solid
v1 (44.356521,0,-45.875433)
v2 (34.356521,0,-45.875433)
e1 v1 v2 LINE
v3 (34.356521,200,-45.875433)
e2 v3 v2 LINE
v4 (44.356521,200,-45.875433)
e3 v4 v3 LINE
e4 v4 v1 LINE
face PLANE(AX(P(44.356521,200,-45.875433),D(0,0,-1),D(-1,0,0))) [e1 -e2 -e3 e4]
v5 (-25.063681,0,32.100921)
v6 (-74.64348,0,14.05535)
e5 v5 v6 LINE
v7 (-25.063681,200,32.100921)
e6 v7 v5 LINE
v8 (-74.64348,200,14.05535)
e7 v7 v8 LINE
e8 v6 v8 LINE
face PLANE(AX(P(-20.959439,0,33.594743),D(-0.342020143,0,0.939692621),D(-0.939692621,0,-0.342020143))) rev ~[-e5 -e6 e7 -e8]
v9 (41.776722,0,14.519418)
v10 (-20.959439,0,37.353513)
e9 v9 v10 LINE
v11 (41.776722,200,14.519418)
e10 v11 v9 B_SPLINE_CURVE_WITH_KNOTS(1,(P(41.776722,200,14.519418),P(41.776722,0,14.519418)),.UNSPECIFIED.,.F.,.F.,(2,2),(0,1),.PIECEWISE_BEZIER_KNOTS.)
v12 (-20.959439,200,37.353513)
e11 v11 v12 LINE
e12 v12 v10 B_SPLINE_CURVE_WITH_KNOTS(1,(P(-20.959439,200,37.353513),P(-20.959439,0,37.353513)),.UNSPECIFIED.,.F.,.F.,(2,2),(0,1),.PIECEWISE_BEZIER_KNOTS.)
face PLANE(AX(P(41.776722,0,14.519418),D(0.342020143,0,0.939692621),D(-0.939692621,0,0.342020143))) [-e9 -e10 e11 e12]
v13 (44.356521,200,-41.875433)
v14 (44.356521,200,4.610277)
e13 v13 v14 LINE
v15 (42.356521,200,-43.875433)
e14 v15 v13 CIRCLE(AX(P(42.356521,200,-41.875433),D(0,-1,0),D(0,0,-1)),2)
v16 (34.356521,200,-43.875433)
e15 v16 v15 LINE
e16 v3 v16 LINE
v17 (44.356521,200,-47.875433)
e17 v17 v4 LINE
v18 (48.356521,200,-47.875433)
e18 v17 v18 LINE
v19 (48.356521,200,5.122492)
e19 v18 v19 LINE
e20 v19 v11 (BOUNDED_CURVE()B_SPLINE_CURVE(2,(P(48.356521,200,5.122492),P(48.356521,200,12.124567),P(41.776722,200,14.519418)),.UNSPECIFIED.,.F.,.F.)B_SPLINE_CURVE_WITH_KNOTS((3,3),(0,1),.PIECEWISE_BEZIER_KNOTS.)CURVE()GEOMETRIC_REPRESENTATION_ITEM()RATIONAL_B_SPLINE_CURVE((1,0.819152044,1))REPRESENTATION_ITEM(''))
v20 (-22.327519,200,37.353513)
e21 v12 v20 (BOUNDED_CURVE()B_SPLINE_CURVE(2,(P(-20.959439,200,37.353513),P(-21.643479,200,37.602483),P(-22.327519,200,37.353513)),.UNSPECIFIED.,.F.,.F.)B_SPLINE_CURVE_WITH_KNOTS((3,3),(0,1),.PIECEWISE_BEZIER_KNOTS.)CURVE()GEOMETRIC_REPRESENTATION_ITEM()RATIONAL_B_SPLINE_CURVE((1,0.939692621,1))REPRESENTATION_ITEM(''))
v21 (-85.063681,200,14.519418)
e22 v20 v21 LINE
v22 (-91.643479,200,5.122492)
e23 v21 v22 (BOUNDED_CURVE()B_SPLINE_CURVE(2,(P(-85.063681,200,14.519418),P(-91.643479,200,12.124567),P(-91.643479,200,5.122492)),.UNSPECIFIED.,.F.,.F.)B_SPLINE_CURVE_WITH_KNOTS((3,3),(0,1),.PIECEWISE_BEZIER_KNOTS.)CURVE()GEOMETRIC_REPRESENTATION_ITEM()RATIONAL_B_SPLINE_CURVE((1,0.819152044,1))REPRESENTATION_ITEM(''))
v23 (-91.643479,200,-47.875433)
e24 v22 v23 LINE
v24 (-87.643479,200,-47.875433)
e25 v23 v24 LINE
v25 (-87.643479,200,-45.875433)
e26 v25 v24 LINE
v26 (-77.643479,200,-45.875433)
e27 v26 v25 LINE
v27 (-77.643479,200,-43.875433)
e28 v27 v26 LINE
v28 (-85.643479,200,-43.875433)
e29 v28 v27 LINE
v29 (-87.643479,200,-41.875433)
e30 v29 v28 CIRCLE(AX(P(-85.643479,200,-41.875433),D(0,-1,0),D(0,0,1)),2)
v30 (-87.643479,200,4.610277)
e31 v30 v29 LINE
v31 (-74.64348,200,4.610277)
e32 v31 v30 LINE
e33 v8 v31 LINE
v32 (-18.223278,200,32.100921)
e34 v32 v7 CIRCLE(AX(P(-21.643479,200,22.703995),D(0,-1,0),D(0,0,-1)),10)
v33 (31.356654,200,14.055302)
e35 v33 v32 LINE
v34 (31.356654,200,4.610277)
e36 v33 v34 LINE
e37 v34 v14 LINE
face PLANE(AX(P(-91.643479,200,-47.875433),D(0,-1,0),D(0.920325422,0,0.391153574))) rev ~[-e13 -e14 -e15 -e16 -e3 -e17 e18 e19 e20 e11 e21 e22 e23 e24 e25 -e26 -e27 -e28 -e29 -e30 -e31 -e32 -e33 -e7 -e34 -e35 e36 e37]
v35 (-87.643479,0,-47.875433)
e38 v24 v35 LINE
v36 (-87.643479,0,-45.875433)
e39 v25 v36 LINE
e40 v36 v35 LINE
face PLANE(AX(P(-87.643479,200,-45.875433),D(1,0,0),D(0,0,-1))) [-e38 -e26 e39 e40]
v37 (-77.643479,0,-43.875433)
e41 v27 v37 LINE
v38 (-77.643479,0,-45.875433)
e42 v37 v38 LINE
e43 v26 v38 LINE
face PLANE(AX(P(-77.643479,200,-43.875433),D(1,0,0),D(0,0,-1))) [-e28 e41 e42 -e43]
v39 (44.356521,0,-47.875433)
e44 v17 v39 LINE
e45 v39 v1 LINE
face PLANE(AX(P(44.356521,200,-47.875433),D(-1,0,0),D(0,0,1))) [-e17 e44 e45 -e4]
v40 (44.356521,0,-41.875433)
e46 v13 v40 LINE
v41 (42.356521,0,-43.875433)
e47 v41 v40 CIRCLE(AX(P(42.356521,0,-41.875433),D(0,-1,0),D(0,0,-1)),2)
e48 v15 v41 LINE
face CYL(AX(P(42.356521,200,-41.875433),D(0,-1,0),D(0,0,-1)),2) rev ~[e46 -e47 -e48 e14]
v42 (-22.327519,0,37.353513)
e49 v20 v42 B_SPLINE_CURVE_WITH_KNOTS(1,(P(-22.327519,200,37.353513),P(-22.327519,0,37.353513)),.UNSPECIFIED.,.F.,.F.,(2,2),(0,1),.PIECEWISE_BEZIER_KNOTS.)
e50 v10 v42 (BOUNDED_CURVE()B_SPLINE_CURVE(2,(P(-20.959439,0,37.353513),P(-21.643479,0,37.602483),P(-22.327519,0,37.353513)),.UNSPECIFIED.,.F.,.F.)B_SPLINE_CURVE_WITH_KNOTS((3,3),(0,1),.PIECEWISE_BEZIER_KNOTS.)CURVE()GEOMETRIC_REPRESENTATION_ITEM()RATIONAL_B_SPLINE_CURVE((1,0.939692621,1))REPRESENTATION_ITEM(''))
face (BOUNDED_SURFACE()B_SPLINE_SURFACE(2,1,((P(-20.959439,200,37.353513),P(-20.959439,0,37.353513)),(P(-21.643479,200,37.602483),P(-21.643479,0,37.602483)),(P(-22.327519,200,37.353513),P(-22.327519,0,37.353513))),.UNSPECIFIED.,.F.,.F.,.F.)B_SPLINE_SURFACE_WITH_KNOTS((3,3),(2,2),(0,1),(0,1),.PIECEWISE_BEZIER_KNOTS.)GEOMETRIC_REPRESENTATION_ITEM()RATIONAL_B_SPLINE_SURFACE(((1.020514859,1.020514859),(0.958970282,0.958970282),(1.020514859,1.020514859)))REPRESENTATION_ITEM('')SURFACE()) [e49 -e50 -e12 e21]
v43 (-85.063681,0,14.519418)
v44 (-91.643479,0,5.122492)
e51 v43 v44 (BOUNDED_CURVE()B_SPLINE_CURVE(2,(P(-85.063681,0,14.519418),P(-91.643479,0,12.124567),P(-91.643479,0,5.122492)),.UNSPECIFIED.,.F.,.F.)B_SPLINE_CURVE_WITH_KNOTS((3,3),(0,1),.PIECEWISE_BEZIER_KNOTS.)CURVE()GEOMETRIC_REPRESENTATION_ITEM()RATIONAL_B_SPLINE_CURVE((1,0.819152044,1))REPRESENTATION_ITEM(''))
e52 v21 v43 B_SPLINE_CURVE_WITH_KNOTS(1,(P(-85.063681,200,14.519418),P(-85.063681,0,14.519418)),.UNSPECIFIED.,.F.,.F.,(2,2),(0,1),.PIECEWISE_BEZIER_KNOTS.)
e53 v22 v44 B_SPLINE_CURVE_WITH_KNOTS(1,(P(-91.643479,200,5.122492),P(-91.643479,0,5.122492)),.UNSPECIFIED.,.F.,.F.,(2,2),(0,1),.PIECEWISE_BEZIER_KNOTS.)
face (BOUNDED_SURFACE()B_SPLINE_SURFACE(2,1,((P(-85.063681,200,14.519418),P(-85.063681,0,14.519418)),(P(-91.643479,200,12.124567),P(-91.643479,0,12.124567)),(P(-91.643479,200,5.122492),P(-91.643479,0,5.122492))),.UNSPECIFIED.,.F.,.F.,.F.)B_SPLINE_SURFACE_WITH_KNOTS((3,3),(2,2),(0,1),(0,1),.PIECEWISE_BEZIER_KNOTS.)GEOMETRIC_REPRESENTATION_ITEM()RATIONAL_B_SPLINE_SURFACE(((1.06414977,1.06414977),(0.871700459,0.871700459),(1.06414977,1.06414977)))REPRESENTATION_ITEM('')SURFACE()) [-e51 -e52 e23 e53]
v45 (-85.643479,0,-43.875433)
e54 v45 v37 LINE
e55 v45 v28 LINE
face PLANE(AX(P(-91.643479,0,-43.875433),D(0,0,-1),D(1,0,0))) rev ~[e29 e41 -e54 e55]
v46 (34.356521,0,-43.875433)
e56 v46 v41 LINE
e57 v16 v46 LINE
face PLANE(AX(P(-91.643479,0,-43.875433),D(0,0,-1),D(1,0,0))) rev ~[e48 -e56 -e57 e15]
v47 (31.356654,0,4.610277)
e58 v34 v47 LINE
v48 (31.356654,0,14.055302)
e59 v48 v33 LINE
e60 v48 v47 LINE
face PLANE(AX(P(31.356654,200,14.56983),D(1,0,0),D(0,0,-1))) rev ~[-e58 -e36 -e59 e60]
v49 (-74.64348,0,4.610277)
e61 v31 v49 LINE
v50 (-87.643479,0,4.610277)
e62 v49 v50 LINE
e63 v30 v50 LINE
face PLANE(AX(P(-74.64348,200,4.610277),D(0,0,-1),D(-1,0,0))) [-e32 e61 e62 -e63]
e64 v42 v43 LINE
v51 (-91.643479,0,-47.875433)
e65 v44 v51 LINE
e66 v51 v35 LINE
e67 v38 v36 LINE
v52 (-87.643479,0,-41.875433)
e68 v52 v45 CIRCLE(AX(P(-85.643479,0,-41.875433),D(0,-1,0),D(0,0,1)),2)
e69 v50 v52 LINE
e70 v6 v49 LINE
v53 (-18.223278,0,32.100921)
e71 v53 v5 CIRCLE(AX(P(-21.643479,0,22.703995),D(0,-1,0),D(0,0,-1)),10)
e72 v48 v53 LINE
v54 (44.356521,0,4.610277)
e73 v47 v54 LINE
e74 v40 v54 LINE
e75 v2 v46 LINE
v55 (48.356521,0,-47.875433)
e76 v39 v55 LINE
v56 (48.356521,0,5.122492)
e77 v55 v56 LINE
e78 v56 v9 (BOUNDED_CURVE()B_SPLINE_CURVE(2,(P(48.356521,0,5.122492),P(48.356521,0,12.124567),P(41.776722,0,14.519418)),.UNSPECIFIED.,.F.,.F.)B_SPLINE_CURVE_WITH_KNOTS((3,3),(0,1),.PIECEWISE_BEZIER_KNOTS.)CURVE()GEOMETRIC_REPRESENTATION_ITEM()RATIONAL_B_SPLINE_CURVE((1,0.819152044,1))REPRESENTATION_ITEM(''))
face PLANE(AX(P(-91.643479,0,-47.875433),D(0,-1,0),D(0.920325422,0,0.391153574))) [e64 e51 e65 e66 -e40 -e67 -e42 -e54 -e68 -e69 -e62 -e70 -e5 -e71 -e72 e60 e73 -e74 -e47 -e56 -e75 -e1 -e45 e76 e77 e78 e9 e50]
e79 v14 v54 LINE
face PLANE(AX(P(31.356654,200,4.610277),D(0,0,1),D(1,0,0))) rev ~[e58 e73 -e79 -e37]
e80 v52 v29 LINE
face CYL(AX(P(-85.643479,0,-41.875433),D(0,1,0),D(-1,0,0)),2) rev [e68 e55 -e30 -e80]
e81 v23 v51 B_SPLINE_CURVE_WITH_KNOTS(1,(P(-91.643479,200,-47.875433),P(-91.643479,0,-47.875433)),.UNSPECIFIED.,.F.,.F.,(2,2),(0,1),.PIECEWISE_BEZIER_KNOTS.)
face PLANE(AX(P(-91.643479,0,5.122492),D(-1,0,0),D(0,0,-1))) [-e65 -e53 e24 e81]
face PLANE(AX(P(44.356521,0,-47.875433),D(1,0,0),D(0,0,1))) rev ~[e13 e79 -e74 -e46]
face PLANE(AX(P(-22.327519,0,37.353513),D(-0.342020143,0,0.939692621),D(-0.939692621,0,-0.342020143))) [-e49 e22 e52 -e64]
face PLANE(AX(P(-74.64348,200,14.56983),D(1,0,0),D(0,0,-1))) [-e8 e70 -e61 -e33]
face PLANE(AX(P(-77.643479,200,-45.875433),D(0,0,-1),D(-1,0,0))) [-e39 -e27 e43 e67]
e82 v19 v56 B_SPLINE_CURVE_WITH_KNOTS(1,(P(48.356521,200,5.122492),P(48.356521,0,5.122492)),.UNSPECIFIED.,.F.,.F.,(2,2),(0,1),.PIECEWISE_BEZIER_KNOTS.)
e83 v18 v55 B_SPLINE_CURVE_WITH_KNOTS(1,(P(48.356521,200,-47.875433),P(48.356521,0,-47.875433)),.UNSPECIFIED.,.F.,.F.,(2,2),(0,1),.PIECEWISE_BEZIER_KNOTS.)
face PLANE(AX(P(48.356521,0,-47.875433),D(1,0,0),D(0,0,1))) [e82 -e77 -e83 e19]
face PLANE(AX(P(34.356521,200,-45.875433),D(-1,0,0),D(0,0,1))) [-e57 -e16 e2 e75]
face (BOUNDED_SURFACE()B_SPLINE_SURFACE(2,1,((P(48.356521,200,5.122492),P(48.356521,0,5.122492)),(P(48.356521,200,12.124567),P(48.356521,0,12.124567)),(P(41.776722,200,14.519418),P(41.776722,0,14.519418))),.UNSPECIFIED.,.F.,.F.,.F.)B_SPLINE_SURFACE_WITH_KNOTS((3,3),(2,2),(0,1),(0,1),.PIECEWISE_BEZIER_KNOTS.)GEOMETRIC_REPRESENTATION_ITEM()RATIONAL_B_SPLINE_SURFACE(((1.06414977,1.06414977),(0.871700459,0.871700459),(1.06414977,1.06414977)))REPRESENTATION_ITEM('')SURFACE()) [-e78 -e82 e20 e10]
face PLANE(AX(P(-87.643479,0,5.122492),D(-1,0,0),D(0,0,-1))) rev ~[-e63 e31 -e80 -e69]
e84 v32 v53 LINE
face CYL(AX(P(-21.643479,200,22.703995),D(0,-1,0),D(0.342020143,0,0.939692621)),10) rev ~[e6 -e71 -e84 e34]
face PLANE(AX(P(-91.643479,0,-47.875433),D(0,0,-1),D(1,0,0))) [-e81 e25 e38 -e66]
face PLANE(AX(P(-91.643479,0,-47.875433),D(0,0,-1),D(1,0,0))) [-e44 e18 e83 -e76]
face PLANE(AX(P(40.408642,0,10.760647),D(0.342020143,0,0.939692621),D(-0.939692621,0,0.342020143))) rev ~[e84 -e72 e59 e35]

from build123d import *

# Parameters (mm, degrees)
SHELL1_T            = -4
FILLET1_R           = 10
BOSS_EXTRUDE4_DEPTH = 200
CUT_EXTRUDE1_DEPTH  = 200
FILLET3_R           = 2


with BuildPart() as part:
    # Sketch3 for Loft1 → Loft1 section 0
    with BuildSketch(Plane(origin=(0, 200, 0), x_dir=(1, 0, 0), z_dir=(0, 1, 0))):
        with BuildLine():
            Line((-91.643479102, 47.875432933), (48.356520898, 47.875432933))
            Line((48.356520898, 47.875432933), (48.356520898, -5.122491685))
            # circular arc as an exact rational Bezier (weights 1, cos(half-angle), 1)
            Bezier((48.356520898, -5.122491685), (48.356520898, -12.124567067), (41.776722331, -14.519417892), weights=[1, 0.819152044, 1])
            Line((41.776722331, -14.519417892), (-20.959438815, -37.353513162))
            Bezier((-20.959438815, -37.353513162), (-21.643479102, -37.602483465), (-22.327519388, -37.353513162), weights=[1, 0.939692621, 1])
            Line((-22.327519388, -37.353513162), (-85.063680535, -14.519417892))
            Bezier((-85.063680535, -14.519417892), (-91.643479102, -12.124567067), (-91.643479102, -5.122491685), weights=[1, 0.819152044, 1])
            Line((-91.643479102, -5.122491685), (-91.643479102, 47.875432933))
        make_face()
    # Sketch2 for Loft1 → Loft1 section 1
    with BuildSketch(Plane(origin=(0, 0, 0), x_dir=(1, 0, 0), z_dir=(0, 1, 0))):
        with BuildLine():
            Line((-91.643479102, 47.875432933), (48.356520898, 47.875432933))
            Line((48.356520898, 47.875432933), (48.356520898, -5.122491685))
            Bezier((48.356520898, -5.122491685), (48.356520898, -12.124567067), (41.776722331, -14.519417892), weights=[1, 0.819152044, 1])
            Line((41.776722331, -14.519417892), (-20.959438815, -37.353513162))
            Bezier((-20.959438815, -37.353513162), (-21.643479102, -37.602483465), (-22.327519388, -37.353513162), weights=[1, 0.939692621, 1])
            Line((-22.327519388, -37.353513162), (-85.063680535, -14.519417892))
            Bezier((-85.063680535, -14.519417892), (-91.643479102, -12.124567067), (-91.643479102, -5.122491685), weights=[1, 0.819152044, 1])
            Line((-91.643479102, -5.122491685), (-91.643479102, 47.875432933))
        make_face()
    loft()

    # Shell1
    shell1_openings = [part.faces().sort_by_distance(p)[0] for p in [
        (-21.643479102, 0, -11.173558068),
        (-21.643479102, 200, -11.173558068),
    ]]
    offset(amount=SHELL1_T, openings=shell1_openings)

    # Fillet1
    fillet1_edges = [part.edges().sort_by_distance(p)[0] for p in [
        (-21.643479102, 100, 33.345772375),
    ]]
    fillet(fillet1_edges, radius=FILLET1_R)

    # Sketch7 → Boss-Extrude4 (add)
    with BuildSketch(Plane(origin=(0, 200, 0), x_dir=(1, 0, 0), z_dir=(0, 1, 0))):
        Polygon((46.356653815, -4.610276577), (46.356653815, -9.110276577), (31.356653815, -14.569830091), (31.356653815, -4.610276577), align=None)
        Polygon((-89.643479632, -4.610276577), (-89.643479632, -9.110276577), (-74.643479632, -14.569830091), (-74.643479632, -4.610276577), align=None)
    extrude(amount=-BOSS_EXTRUDE4_DEPTH)

    # Sketch8 → Cut-Extrude1 (cut)
    with BuildSketch(Plane(origin=(0, 200, 0), x_dir=(1, 0, 0), z_dir=(0, 1, 0))):
        Polygon((-87.643479102, 47.875432933), (-77.643479102, 47.875432933), (34.356520898, 47.875432933), (44.356520898, 47.875432933), (44.356520898, 45.875432933), (34.356520898, 45.875432933), (34.356520898, 43.875432933), (-77.643479102, 43.875432933), (-77.643479102, 45.875432933), (-87.643479102, 45.875432933), align=None)
    extrude(amount=-CUT_EXTRUDE1_DEPTH, mode=Mode.SUBTRACT)

    # Fillet3
    fillet3_edges = [part.edges().sort_by_distance(p)[0] for p in [
        (44.356520898, 100, -43.875432933),
        (-87.643479102, 100, -43.875432933),
    ]]
    fillet(fillet3_edges, radius=FILLET3_R)


solid = part.part
